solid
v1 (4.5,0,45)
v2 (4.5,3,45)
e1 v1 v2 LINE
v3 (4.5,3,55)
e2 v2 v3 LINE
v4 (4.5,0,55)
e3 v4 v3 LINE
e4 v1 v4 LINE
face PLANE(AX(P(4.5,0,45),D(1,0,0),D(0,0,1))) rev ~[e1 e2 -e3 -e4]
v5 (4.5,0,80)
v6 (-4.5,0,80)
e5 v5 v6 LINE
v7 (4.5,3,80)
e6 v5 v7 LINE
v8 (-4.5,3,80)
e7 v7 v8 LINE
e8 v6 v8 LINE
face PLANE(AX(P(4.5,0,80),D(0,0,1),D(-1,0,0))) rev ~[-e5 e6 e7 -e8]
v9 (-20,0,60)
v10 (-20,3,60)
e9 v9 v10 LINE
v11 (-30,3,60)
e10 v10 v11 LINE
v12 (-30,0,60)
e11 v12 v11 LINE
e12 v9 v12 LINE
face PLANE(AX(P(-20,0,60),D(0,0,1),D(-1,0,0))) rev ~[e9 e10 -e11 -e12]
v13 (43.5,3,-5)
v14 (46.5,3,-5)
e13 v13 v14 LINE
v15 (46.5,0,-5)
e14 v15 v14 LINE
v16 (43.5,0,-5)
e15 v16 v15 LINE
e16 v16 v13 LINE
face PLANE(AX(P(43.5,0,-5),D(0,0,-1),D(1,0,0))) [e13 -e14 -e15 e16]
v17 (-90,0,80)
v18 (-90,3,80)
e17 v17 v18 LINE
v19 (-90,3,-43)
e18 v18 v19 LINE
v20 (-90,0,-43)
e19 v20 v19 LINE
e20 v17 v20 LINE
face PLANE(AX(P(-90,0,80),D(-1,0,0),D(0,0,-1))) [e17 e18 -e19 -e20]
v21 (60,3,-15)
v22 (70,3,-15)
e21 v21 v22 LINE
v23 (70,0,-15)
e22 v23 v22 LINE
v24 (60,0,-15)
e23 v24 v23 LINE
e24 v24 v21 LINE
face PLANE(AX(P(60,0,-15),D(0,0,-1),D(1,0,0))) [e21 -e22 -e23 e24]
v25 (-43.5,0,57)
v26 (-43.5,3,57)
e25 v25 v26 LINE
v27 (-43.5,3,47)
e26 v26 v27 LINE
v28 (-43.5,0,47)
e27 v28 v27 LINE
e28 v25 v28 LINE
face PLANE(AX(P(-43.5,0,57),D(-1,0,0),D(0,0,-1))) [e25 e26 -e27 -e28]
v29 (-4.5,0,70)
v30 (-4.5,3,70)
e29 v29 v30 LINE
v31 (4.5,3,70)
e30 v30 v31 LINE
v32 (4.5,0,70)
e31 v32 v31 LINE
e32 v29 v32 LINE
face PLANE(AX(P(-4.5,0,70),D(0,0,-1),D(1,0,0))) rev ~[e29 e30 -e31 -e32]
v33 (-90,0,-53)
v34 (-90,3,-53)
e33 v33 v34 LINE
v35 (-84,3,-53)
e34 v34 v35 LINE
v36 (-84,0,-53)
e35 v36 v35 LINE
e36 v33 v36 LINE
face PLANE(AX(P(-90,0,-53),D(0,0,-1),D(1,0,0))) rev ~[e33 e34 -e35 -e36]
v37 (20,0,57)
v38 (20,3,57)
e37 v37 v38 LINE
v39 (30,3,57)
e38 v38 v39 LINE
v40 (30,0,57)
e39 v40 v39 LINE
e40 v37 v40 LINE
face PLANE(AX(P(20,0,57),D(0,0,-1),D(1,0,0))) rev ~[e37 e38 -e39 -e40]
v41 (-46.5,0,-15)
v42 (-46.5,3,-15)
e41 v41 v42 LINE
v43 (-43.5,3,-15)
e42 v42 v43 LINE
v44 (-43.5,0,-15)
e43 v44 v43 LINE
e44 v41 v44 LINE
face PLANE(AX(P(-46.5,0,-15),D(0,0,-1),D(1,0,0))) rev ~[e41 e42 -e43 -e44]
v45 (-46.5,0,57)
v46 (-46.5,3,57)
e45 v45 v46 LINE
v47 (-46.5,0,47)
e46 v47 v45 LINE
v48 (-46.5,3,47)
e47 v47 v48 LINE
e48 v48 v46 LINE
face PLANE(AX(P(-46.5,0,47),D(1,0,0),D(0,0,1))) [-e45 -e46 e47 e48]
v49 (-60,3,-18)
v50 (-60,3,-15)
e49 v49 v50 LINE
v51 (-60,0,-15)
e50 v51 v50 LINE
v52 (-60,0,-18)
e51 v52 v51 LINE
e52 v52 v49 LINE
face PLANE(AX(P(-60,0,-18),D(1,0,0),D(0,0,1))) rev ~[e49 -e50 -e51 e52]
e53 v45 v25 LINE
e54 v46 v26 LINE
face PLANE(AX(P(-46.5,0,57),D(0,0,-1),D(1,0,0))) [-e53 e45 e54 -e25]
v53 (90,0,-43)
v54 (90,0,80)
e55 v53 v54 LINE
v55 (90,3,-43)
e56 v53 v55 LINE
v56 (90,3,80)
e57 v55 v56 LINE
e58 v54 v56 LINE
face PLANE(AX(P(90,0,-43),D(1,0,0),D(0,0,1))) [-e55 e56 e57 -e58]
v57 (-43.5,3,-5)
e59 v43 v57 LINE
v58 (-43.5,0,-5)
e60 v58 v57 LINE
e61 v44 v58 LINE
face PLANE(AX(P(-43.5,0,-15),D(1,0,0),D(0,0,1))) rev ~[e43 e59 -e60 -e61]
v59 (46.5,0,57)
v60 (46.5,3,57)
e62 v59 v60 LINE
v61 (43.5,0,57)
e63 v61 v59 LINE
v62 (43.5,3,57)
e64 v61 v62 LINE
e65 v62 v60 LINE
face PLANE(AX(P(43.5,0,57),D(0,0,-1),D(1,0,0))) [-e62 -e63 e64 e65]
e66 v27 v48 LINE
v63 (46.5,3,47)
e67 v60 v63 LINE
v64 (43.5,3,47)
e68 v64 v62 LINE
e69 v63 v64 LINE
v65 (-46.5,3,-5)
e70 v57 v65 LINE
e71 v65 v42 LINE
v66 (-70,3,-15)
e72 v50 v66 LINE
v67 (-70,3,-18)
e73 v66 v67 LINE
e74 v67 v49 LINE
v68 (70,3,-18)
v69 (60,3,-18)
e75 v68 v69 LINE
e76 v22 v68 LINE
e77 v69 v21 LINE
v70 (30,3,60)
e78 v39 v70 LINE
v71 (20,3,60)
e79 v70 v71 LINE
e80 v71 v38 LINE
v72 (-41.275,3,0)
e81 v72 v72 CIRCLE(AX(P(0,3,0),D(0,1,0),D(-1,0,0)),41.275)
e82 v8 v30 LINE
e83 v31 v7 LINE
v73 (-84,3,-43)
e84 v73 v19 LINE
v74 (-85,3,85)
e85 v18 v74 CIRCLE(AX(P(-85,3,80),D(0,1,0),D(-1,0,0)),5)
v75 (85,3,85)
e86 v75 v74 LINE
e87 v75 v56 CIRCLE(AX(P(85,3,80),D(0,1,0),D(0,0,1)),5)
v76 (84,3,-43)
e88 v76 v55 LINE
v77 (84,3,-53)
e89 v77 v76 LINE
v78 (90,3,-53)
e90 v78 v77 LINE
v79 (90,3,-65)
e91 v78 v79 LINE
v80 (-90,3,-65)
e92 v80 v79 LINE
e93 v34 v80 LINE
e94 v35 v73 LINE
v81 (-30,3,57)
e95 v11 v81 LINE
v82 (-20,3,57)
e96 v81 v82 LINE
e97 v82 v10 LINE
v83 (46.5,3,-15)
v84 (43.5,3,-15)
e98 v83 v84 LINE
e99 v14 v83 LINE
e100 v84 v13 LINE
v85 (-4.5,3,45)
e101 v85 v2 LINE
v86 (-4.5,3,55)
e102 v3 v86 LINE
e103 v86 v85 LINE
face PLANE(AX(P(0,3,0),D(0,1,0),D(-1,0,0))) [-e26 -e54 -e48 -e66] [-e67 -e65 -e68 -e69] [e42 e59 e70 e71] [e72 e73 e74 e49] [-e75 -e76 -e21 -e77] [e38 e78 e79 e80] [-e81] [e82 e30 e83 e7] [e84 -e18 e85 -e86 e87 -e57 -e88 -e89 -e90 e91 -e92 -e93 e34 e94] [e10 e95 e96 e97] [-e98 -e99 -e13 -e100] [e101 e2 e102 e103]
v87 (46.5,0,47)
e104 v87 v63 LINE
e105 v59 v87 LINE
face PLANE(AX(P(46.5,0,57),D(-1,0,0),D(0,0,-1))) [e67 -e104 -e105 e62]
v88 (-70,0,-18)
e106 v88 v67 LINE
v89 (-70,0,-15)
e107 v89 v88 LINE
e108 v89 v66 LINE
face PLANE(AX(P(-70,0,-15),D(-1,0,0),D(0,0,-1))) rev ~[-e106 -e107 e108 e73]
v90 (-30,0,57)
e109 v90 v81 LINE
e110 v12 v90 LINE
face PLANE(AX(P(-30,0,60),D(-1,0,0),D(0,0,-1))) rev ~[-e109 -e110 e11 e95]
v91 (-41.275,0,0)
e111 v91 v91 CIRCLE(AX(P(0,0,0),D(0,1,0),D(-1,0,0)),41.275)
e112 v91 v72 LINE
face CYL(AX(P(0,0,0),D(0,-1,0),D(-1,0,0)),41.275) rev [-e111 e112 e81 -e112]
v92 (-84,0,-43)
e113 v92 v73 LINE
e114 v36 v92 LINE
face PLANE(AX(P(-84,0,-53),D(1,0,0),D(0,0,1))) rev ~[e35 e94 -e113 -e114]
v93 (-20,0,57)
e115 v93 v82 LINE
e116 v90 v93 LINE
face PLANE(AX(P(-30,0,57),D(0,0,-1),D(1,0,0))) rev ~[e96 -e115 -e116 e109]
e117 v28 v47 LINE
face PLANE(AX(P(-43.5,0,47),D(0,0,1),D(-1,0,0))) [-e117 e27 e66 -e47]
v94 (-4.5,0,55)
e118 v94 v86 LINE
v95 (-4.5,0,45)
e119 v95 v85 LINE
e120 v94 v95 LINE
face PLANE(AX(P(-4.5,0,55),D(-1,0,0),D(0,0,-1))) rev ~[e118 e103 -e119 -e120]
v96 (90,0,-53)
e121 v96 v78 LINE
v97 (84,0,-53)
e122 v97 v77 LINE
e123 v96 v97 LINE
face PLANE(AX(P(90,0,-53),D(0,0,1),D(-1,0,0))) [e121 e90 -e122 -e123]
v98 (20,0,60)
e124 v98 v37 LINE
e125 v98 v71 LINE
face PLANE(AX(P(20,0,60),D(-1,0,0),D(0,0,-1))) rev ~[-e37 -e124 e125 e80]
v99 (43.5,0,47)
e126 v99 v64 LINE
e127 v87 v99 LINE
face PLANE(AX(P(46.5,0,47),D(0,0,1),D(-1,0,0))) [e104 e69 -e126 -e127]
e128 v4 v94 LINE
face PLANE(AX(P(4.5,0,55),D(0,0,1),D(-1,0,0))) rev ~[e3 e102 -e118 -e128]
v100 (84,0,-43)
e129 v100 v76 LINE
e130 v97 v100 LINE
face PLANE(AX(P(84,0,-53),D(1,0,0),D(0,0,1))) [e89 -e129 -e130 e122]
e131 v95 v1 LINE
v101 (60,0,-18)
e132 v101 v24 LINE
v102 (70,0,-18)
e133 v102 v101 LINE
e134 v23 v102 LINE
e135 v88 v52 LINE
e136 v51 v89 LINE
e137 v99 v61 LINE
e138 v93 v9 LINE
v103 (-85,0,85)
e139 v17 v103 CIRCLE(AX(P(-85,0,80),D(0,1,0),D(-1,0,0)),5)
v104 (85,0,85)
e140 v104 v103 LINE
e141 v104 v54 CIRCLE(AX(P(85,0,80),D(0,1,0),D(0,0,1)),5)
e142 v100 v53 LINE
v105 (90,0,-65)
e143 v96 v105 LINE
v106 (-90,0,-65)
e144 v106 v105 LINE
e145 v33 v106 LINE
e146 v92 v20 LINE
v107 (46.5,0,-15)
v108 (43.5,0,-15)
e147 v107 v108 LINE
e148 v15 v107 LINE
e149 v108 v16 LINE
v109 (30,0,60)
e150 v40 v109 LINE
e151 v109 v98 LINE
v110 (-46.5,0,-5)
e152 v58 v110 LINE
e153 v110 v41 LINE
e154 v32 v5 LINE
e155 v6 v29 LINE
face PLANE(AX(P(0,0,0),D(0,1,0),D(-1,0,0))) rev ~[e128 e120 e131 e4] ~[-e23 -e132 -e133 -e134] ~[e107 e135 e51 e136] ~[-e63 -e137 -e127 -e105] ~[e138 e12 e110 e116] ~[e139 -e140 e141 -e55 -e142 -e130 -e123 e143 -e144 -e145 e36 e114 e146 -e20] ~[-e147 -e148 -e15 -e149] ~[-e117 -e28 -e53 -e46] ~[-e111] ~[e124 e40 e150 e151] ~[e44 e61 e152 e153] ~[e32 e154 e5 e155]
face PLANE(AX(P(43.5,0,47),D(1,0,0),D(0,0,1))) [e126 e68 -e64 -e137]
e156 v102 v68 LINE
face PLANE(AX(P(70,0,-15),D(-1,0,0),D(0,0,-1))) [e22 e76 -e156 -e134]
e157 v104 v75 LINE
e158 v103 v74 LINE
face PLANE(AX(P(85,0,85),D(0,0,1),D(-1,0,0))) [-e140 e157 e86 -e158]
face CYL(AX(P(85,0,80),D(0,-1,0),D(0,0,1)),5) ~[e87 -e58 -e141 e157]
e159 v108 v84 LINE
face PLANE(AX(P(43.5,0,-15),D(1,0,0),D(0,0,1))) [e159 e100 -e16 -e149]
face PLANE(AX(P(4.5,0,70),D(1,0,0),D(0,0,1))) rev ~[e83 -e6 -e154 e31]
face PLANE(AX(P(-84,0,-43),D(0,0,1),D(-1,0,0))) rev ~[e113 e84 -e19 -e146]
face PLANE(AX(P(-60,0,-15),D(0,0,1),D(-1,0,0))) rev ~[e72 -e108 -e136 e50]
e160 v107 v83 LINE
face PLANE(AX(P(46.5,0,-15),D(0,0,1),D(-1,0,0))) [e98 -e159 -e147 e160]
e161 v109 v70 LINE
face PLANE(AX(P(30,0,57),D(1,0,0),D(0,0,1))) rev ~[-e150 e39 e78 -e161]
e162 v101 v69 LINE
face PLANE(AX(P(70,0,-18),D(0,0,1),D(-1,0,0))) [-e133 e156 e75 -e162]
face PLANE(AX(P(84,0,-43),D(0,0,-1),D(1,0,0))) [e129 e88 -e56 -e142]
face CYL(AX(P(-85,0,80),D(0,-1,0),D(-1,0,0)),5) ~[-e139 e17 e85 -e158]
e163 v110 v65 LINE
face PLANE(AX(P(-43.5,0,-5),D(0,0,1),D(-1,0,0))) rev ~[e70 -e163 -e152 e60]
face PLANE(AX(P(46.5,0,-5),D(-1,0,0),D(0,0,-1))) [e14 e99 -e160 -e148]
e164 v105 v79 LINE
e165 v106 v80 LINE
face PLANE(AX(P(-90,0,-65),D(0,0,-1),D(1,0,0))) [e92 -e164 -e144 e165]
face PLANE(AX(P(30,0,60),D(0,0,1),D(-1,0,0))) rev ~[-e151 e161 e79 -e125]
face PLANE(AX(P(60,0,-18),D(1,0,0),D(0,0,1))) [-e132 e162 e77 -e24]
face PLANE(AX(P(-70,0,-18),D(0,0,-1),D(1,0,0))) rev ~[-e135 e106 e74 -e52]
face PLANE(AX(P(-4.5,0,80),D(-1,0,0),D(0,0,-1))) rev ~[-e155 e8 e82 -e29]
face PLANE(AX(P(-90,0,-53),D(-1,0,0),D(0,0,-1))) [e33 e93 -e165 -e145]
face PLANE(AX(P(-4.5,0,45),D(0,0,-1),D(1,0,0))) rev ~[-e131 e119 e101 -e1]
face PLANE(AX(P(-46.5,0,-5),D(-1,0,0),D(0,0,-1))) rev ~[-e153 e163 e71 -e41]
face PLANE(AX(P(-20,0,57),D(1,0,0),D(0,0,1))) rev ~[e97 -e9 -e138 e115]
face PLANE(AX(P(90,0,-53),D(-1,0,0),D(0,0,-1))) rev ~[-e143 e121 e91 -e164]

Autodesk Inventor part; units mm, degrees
ref_plane "YZ Plane" through (0, 0, 0) normal (1, 0, 0) x (0, 1, 0)
ref_plane "XZ Plane" through (0, 0, 0) normal (0, 1, 0) x (-1, 0, 0)
ref_plane "XY Plane" through (0, 0, 0) normal (0, 0, 1) x (1, 0, 0)
sketch "Sketch2" plane through (0, 0, 0) normal (0, 1, 0) x (-1, 0, 0)
  line L0 (90, -53) -> (84, -53)
  line L1 (84, -53) -> (84, -43)
  line L2 (84, -43) -> (90, -43)
  line L3 (-90, -53) -> (-84, -53)
  line L4 (-84, -53) -> (-84, -43)
  line L5 (-84, -43) -> (-90, -43)
  line L6 (70, -18) -> (60, -18)
  line L7 (60, -18) -> (60, -15)
  line L8 (60, -15) -> (70, -15)
  line L9 (70, -15) -> (70, -18)
  line L10 (-70, -18) -> (-60, -18)
  line L11 (-60, -18) -> (-60, -15)
  line L12 (-60, -15) -> (-70, -15)
  line L13 (-70, -15) -> (-70, -18)
  circle A0 centre (0, 0) radius 41.275
  line L14 (46.5, -15) -> (43.5, -15)
  line L15 (43.5, -15) -> (43.5, -5)
  line L16 (43.5, -5) -> (46.5, -5)
  line L17 (46.5, -5) -> (46.5, -15)
  line L18 (-46.5, -15) -> (-43.5, -15)
  line L19 (-43.5, -15) -> (-43.5, -5)
  line L20 (-43.5, -5) -> (-46.5, -5)
  line L21 (-46.5, -5) -> (-46.5, -15)
  line L22 (43.5, 57) -> (43.5, 47)
  line L23 (43.5, 47) -> (46.5, 47)
  line L24 (46.5, 47) -> (46.5, 57)
  line L25 (-46.5, 47) -> (-43.5, 47)
  line L26 (-43.5, 47) -> (-43.5, 57)
  line L27 (-46.5, 57) -> (-46.5, 47)
  line L28 (-85, 85) -> (85, 85)
  arc A1 (-85, 85) -> (-90, 80) centre (-85, 80) ccw
  arc A2 (90, 80) -> (85, 85) centre (85, 80) ccw
  line L29 (46.5, 57) -> (43.5, 57)
  line L30 (-43.5, 57) -> (-46.5, 57)
  line L31 (30, 57) -> (20, 57)
  line L32 (20, 57) -> (20, 60)
  line L33 (20, 60) -> (30, 60)
  line L34 (30, 60) -> (30, 57)
  line L35 (-20, 57) -> (-30, 57)
  line L36 (-30, 57) -> (-30, 60)
  line L37 (-30, 60) -> (-20, 60)
  line L38 (-20, 60) -> (-20, 57)
  line L39 (4.5, 70) -> (-4.5, 70)
  line L40 (-4.5, 70) -> (-4.5, 80)
  line L41 (-4.5, 80) -> (4.5, 80)
  line L42 (4.5, 80) -> (4.5, 70)
  line L43 (4.5, 45) -> (-4.5, 45)
  line L44 (-4.5, 45) -> (-4.5, 55)
  line L45 (-4.5, 55) -> (4.5, 55)
  line L46 (4.5, 55) -> (4.5, 45)
  line L47 (-90, -43) -> (-90, 80)
  line L48 (90, 80) -> (90, -43)
  line L49 (90, -53) -> (90, -65)
  line L50 (-90, -53) -> (-90, -65)
  line L51 (90, -65) -> (-90, -65)
  point P0 (90, 85)
  dimension "d21" = 6
  dimension "d22" = 10
  dimension "d25" = 6
  dimension "d26" = 10
  dimension "d31" = 3
  dimension "d32" = 10
  dimension "d35" = 3
  dimension "d36" = 10
  dimension "d39" = 25
  dimension "d40" = 25
  dimension "d43" = 82.55
  dimension "d52" = 3
  dimension "d53" = 10
  dimension "d54" = 10
  dimension "d55" = 3
  dimension "d58" = 10
  dimension "d59" = 3
  dimension "d62" = 3
  dimension "d65" = 180
  dimension "d66" = 150
  dimension "d90" = 90
  dimension "d91" = 90
  dimension "d103" = 10
  dimension "d104" = 10
  dimension "d108" = 3
  dimension "d109" = 10
  dimension "d110" = 20
  dimension "d111" = 3
  dimension "d112" = 10
  dimension "d113" = 20
  dimension "d114" = 5
  dimension "d115" = 10
  dimension "d116" = 9
  dimension "d117" = 4.5
  dimension "d118" = 10
  dimension "d119" = 9
  dimension "d120" = 15
  dimension "d121" = 4.5
  dimension "d127" = 180
  dimension "d128" = 150
  dimension "d130" = 85.5
  dimension "d131" = 43.5
  dimension "d132" = 43.5
  dimension "d133" = 60
  dimension "d134" = 60
  dimension "d135" = 43.5
  dimension "d136" = 43.5
  dimension "d137" = 90
  dimension "d138" = 28
  dimension "d140" = 47
  dimension "d141" = 47
extrude "Extrusion6" add sketch "Sketch2" along normal blind 3
properties part number "OpenROV 2_3 Dev Top"
